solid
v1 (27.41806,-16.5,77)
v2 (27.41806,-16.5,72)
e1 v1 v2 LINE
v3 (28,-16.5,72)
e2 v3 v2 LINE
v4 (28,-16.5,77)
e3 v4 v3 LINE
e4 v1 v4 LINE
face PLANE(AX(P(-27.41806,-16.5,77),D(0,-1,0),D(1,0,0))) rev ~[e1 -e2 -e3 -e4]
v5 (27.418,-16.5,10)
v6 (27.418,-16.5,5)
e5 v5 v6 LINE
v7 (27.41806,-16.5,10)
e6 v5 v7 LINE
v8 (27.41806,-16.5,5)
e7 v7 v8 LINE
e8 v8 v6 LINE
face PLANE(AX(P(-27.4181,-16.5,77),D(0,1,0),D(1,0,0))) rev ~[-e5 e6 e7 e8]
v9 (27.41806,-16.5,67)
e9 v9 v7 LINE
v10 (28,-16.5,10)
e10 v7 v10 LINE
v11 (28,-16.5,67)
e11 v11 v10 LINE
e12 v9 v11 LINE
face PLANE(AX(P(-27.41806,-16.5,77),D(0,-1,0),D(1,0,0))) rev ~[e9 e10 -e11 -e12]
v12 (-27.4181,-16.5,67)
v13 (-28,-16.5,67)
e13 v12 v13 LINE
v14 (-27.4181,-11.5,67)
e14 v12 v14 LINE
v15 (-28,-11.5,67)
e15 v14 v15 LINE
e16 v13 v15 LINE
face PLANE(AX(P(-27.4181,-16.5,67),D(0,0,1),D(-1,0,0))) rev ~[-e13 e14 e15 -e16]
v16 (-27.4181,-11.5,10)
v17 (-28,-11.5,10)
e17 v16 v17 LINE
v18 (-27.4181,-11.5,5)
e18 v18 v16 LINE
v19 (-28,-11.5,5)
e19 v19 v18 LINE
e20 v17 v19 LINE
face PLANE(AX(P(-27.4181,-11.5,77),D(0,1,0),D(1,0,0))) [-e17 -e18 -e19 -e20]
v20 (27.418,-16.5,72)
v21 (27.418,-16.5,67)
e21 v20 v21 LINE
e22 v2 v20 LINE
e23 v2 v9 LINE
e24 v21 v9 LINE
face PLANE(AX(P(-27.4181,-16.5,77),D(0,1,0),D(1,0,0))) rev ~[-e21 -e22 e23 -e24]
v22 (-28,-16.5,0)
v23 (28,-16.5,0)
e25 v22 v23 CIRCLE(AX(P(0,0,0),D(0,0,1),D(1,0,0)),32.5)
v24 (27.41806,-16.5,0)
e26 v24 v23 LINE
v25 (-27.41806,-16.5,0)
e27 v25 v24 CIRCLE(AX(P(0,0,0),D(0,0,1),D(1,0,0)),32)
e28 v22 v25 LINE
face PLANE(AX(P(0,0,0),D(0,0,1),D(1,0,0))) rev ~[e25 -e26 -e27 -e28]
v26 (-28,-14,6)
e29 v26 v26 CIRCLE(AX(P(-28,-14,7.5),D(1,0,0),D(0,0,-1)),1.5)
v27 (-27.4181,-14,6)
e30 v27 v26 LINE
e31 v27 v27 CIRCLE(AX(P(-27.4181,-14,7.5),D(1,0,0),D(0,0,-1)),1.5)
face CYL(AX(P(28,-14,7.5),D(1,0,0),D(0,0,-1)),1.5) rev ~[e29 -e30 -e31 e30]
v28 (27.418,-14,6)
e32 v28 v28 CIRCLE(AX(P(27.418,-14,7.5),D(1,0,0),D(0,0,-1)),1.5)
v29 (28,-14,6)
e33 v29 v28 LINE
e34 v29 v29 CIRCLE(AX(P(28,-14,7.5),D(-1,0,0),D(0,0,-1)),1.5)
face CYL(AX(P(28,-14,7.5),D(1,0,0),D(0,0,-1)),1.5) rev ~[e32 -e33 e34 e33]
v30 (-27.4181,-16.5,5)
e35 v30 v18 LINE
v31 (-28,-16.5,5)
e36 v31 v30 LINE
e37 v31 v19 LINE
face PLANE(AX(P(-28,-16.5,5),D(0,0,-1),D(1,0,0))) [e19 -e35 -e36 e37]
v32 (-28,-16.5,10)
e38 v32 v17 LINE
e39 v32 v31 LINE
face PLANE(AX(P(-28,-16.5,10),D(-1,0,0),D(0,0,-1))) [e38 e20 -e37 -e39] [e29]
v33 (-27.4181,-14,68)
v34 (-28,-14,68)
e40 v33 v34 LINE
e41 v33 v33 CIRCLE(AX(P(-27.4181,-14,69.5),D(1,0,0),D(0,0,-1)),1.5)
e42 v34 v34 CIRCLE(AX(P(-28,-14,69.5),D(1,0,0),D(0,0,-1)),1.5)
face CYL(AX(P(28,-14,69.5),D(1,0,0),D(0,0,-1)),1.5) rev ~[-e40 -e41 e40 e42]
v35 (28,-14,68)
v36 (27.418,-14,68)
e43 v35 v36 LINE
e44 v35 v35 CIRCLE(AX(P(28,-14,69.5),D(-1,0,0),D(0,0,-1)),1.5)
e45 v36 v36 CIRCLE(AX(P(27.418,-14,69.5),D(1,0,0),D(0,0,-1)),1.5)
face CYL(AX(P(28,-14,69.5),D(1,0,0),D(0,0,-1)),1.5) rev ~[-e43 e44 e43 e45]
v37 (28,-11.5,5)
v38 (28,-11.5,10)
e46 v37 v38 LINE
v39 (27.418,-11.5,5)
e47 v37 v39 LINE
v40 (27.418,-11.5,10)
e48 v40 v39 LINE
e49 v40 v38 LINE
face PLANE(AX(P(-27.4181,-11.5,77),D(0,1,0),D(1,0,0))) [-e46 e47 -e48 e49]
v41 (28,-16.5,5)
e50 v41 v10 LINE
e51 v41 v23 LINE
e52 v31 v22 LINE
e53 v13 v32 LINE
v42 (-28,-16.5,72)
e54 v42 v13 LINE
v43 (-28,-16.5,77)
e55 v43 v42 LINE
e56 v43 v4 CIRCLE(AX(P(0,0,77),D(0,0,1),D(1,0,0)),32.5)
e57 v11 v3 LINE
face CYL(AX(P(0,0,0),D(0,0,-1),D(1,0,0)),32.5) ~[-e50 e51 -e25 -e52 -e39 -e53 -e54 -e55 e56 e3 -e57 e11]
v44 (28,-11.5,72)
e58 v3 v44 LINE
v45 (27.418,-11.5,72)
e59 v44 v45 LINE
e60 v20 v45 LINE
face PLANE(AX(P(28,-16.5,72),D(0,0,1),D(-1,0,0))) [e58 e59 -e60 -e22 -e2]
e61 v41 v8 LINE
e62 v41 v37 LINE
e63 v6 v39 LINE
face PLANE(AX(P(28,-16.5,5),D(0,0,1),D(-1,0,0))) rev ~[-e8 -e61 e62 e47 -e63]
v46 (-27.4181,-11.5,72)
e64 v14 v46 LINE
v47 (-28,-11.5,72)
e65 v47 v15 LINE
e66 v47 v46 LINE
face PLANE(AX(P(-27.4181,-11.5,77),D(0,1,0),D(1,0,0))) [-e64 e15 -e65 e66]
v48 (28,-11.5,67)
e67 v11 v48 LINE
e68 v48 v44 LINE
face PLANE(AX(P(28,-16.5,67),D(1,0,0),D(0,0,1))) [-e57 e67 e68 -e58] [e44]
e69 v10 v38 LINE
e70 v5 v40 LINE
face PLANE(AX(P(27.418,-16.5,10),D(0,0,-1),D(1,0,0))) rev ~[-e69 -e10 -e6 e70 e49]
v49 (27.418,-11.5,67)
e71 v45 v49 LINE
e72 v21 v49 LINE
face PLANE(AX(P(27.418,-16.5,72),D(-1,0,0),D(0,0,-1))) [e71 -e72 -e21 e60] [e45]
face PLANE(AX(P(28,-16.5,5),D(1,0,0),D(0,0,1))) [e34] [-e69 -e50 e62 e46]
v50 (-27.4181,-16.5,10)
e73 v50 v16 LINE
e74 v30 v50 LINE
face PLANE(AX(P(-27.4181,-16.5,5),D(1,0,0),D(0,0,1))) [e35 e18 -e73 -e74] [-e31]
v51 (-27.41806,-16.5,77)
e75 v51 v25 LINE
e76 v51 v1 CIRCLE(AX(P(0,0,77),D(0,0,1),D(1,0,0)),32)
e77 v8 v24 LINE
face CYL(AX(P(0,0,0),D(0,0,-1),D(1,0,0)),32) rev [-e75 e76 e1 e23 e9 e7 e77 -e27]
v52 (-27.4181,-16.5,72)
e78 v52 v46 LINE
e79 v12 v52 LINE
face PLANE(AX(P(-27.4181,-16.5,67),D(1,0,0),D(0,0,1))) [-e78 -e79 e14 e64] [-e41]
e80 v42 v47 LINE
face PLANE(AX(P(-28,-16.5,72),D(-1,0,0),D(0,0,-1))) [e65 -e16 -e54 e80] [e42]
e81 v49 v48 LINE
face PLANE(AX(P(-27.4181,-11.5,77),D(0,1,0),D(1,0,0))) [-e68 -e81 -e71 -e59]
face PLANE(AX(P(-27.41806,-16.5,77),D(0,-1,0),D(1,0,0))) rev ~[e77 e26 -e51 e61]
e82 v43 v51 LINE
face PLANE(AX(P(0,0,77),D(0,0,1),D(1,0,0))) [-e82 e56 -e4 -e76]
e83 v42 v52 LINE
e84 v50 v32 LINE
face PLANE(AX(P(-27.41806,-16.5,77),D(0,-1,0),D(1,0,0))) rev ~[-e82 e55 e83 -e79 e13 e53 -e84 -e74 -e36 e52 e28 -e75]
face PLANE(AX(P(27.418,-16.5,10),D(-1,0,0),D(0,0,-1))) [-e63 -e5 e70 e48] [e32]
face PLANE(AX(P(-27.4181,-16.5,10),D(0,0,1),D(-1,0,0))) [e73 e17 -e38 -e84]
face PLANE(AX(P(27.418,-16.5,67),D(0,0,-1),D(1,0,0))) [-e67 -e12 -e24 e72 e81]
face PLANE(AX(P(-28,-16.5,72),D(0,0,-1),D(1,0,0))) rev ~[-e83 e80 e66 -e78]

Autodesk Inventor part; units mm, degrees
ref_plane "YZ Plane" through (0, 0, 0) normal (1, 0, 0) x (0, 1, 0)
ref_plane "XZ Plane" through (0, 0, 0) normal (0, 1, 0) x (-1, 0, 0)
ref_plane "XY Plane" through (0, 0, 0) normal (0, 0, 1) x (1, 0, 0)
sketch "Szkic1" plane through (0, 0, 0) normal (0, 0, 1) x (1, 0, 0)
  circle A0 centre (0, 0) radius 32.5
  circle A1 centre (0, 0) radius 32
  dimension "d0" = 65
  dimension "d1" = 64
extrude "Wyciągnięcie proste1" add sketch "Szkic1" along normal blind 77
sketch "Szkic2" plane through (0, 0, 77) normal (0, 0, 1) x (1, 0, 0)
  line L0 (0, 0) -> (-28, 0)
  line L1 (-28, 0) -> (-28, 15.4919)
  circle A0 centre (0, 0) radius 32 projected
  line L2 (-28, 0) -> (-28, -16.5)
  circle A1 centre (0, 0) radius 32.5 projected
  line L3 (-28, -16.5) -> (28, -16.5)
  line L4 (52.8927, -0.6882) -> (26.703, 44.9724)
  line L5 (26.703, 44.9724) -> (-31.7097, 42.3671)
  line L6 (-31.7097, 42.3671) -> (-48.5067, -13.9887)
  line L7 (-48.5067, -13.9887) -> (-28, -16.5)
  line L8 (28, -16.5) -> (52.8927, -0.6882)
  dimension "d4" = 28
extrude "Wyciągnięcie proste2" cut sketch "Szkic2" against normal blind 77 contours L2 A0 L1 | L1 A0 L3 L2 | A0 L2 A1 L3 | A0 L3 L2 | L7 L6 L5 L4 L8 A1
sketch "Szkic3" plane through (-27.4181, -16.5, 77) normal (0, 1, 0) x (1, 0, 0)
  line L0 (-0.5819, 0) -> (55.4181, 0) projected
  line L1 (-0.5819, 0) -> (-0.5819, 5)
  line L2 (-0.5819, 0) -> (-0.5819, 77) projected
  line L3 (-0.5819, 5) -> (0, 5)
  line L4 (0, 77) -> (0, 0) projected
  line L5 (0, 5) -> (0, 10)
  line L6 (0, 10) -> (-0.5819, 10)
  line L7 (-0.5819, 10) -> (-0.5819, 5)
  line L8 (-0.5819, 77) -> (55.4181, 77) projected
  line L9 (-0.5819, 77) -> (-0.5819, 72)
  line L10 (-0.5819, 72) -> (0, 72)
  line L11 (0, 72) -> (0, 67)
  line L12 (0, 67) -> (-0.5819, 67)
  line L13 (-0.5819, 67) -> (-0.5819, 72)
  line L14 (55.4181, 77) -> (55.4181, 72)
  line L15 (55.4181, 77) -> (55.4181, 0) projected
  line L16 (55.4181, 72) -> (54.8361, 72)
  line L17 (54.8361, 0) -> (54.8361, 77) projected
  line L18 (54.8361, 72) -> (54.8361, 67)
  line L19 (54.8361, 67) -> (55.4181, 67)
  line L20 (55.4181, 67) -> (55.4181, 72)
  line L21 (55.4181, 0) -> (55.4181, 5)
  line L22 (55.4181, 5) -> (54.8361, 5)
  line L23 (54.8361, 5) -> (54.8361, 10)
  line L24 (54.8361, 10) -> (55.4181, 10)
  line L25 (55.4181, 10) -> (55.4181, 5)
  point P0 (27.4181, 77)
  dimension "d7" = 5
  dimension "d8" = 5
  dimension "d9" = 5
  dimension "d10" = 5
  dimension "d11" = 5
  dimension "d12" = 5
  dimension "d13" = 5
  dimension "d14" = 5
extrude "Wyciągnięcie proste3" add sketch "Szkic3" along normal blind 5 contours L2 L6 L4 L3 | L17 L24 L15 L22 | L2 L10 L4 L12 | L17 L16 L15 L19
sketch "Szkic4" plane through (28, -16.5, 67) normal (1, 0, 0) x (0, 0, -1)
  line L0 (57, 0) -> (57, 5) projected
  line L1 (62, 0) -> (62, 5) projected
  line L2 (57, 0) -> (62, 5)
  line L3 (62, 5) -> (57, 5) projected
  line L4 (62, 5) -> (57, 5)
  line L5 (57, 5) -> (62, 0)
  line L6 (0, 0) -> (-5, 0) projected
  line L7 (-5, 5) -> (0, 5) projected
  line L8 (-5, 0) -> (0, 5)
  line L9 (0, 5) -> (-5, 5)
  line L10 (-5, 5) -> (0, 0)
  circle A0 centre (-2.5, 2.5) radius 1.5
  circle A1 centre (59.5, 2.5) radius 1.5
  point P0 (67, 16.5)
  dimension "d17" = 3
  dimension "d18" = 3
extrude "Wyciągnięcie proste4" cut sketch "Szkic4" against normal up to surface (56 mm away) contours A1 L5 L2 | L2 L5 A1 | A1 L2 L5 | L2 A1 L5 | A0 L8 L10 | L10 L8 A0 | A0 L10 L8 | L10 A0 L8
properties part number "Obudowa, większa"
